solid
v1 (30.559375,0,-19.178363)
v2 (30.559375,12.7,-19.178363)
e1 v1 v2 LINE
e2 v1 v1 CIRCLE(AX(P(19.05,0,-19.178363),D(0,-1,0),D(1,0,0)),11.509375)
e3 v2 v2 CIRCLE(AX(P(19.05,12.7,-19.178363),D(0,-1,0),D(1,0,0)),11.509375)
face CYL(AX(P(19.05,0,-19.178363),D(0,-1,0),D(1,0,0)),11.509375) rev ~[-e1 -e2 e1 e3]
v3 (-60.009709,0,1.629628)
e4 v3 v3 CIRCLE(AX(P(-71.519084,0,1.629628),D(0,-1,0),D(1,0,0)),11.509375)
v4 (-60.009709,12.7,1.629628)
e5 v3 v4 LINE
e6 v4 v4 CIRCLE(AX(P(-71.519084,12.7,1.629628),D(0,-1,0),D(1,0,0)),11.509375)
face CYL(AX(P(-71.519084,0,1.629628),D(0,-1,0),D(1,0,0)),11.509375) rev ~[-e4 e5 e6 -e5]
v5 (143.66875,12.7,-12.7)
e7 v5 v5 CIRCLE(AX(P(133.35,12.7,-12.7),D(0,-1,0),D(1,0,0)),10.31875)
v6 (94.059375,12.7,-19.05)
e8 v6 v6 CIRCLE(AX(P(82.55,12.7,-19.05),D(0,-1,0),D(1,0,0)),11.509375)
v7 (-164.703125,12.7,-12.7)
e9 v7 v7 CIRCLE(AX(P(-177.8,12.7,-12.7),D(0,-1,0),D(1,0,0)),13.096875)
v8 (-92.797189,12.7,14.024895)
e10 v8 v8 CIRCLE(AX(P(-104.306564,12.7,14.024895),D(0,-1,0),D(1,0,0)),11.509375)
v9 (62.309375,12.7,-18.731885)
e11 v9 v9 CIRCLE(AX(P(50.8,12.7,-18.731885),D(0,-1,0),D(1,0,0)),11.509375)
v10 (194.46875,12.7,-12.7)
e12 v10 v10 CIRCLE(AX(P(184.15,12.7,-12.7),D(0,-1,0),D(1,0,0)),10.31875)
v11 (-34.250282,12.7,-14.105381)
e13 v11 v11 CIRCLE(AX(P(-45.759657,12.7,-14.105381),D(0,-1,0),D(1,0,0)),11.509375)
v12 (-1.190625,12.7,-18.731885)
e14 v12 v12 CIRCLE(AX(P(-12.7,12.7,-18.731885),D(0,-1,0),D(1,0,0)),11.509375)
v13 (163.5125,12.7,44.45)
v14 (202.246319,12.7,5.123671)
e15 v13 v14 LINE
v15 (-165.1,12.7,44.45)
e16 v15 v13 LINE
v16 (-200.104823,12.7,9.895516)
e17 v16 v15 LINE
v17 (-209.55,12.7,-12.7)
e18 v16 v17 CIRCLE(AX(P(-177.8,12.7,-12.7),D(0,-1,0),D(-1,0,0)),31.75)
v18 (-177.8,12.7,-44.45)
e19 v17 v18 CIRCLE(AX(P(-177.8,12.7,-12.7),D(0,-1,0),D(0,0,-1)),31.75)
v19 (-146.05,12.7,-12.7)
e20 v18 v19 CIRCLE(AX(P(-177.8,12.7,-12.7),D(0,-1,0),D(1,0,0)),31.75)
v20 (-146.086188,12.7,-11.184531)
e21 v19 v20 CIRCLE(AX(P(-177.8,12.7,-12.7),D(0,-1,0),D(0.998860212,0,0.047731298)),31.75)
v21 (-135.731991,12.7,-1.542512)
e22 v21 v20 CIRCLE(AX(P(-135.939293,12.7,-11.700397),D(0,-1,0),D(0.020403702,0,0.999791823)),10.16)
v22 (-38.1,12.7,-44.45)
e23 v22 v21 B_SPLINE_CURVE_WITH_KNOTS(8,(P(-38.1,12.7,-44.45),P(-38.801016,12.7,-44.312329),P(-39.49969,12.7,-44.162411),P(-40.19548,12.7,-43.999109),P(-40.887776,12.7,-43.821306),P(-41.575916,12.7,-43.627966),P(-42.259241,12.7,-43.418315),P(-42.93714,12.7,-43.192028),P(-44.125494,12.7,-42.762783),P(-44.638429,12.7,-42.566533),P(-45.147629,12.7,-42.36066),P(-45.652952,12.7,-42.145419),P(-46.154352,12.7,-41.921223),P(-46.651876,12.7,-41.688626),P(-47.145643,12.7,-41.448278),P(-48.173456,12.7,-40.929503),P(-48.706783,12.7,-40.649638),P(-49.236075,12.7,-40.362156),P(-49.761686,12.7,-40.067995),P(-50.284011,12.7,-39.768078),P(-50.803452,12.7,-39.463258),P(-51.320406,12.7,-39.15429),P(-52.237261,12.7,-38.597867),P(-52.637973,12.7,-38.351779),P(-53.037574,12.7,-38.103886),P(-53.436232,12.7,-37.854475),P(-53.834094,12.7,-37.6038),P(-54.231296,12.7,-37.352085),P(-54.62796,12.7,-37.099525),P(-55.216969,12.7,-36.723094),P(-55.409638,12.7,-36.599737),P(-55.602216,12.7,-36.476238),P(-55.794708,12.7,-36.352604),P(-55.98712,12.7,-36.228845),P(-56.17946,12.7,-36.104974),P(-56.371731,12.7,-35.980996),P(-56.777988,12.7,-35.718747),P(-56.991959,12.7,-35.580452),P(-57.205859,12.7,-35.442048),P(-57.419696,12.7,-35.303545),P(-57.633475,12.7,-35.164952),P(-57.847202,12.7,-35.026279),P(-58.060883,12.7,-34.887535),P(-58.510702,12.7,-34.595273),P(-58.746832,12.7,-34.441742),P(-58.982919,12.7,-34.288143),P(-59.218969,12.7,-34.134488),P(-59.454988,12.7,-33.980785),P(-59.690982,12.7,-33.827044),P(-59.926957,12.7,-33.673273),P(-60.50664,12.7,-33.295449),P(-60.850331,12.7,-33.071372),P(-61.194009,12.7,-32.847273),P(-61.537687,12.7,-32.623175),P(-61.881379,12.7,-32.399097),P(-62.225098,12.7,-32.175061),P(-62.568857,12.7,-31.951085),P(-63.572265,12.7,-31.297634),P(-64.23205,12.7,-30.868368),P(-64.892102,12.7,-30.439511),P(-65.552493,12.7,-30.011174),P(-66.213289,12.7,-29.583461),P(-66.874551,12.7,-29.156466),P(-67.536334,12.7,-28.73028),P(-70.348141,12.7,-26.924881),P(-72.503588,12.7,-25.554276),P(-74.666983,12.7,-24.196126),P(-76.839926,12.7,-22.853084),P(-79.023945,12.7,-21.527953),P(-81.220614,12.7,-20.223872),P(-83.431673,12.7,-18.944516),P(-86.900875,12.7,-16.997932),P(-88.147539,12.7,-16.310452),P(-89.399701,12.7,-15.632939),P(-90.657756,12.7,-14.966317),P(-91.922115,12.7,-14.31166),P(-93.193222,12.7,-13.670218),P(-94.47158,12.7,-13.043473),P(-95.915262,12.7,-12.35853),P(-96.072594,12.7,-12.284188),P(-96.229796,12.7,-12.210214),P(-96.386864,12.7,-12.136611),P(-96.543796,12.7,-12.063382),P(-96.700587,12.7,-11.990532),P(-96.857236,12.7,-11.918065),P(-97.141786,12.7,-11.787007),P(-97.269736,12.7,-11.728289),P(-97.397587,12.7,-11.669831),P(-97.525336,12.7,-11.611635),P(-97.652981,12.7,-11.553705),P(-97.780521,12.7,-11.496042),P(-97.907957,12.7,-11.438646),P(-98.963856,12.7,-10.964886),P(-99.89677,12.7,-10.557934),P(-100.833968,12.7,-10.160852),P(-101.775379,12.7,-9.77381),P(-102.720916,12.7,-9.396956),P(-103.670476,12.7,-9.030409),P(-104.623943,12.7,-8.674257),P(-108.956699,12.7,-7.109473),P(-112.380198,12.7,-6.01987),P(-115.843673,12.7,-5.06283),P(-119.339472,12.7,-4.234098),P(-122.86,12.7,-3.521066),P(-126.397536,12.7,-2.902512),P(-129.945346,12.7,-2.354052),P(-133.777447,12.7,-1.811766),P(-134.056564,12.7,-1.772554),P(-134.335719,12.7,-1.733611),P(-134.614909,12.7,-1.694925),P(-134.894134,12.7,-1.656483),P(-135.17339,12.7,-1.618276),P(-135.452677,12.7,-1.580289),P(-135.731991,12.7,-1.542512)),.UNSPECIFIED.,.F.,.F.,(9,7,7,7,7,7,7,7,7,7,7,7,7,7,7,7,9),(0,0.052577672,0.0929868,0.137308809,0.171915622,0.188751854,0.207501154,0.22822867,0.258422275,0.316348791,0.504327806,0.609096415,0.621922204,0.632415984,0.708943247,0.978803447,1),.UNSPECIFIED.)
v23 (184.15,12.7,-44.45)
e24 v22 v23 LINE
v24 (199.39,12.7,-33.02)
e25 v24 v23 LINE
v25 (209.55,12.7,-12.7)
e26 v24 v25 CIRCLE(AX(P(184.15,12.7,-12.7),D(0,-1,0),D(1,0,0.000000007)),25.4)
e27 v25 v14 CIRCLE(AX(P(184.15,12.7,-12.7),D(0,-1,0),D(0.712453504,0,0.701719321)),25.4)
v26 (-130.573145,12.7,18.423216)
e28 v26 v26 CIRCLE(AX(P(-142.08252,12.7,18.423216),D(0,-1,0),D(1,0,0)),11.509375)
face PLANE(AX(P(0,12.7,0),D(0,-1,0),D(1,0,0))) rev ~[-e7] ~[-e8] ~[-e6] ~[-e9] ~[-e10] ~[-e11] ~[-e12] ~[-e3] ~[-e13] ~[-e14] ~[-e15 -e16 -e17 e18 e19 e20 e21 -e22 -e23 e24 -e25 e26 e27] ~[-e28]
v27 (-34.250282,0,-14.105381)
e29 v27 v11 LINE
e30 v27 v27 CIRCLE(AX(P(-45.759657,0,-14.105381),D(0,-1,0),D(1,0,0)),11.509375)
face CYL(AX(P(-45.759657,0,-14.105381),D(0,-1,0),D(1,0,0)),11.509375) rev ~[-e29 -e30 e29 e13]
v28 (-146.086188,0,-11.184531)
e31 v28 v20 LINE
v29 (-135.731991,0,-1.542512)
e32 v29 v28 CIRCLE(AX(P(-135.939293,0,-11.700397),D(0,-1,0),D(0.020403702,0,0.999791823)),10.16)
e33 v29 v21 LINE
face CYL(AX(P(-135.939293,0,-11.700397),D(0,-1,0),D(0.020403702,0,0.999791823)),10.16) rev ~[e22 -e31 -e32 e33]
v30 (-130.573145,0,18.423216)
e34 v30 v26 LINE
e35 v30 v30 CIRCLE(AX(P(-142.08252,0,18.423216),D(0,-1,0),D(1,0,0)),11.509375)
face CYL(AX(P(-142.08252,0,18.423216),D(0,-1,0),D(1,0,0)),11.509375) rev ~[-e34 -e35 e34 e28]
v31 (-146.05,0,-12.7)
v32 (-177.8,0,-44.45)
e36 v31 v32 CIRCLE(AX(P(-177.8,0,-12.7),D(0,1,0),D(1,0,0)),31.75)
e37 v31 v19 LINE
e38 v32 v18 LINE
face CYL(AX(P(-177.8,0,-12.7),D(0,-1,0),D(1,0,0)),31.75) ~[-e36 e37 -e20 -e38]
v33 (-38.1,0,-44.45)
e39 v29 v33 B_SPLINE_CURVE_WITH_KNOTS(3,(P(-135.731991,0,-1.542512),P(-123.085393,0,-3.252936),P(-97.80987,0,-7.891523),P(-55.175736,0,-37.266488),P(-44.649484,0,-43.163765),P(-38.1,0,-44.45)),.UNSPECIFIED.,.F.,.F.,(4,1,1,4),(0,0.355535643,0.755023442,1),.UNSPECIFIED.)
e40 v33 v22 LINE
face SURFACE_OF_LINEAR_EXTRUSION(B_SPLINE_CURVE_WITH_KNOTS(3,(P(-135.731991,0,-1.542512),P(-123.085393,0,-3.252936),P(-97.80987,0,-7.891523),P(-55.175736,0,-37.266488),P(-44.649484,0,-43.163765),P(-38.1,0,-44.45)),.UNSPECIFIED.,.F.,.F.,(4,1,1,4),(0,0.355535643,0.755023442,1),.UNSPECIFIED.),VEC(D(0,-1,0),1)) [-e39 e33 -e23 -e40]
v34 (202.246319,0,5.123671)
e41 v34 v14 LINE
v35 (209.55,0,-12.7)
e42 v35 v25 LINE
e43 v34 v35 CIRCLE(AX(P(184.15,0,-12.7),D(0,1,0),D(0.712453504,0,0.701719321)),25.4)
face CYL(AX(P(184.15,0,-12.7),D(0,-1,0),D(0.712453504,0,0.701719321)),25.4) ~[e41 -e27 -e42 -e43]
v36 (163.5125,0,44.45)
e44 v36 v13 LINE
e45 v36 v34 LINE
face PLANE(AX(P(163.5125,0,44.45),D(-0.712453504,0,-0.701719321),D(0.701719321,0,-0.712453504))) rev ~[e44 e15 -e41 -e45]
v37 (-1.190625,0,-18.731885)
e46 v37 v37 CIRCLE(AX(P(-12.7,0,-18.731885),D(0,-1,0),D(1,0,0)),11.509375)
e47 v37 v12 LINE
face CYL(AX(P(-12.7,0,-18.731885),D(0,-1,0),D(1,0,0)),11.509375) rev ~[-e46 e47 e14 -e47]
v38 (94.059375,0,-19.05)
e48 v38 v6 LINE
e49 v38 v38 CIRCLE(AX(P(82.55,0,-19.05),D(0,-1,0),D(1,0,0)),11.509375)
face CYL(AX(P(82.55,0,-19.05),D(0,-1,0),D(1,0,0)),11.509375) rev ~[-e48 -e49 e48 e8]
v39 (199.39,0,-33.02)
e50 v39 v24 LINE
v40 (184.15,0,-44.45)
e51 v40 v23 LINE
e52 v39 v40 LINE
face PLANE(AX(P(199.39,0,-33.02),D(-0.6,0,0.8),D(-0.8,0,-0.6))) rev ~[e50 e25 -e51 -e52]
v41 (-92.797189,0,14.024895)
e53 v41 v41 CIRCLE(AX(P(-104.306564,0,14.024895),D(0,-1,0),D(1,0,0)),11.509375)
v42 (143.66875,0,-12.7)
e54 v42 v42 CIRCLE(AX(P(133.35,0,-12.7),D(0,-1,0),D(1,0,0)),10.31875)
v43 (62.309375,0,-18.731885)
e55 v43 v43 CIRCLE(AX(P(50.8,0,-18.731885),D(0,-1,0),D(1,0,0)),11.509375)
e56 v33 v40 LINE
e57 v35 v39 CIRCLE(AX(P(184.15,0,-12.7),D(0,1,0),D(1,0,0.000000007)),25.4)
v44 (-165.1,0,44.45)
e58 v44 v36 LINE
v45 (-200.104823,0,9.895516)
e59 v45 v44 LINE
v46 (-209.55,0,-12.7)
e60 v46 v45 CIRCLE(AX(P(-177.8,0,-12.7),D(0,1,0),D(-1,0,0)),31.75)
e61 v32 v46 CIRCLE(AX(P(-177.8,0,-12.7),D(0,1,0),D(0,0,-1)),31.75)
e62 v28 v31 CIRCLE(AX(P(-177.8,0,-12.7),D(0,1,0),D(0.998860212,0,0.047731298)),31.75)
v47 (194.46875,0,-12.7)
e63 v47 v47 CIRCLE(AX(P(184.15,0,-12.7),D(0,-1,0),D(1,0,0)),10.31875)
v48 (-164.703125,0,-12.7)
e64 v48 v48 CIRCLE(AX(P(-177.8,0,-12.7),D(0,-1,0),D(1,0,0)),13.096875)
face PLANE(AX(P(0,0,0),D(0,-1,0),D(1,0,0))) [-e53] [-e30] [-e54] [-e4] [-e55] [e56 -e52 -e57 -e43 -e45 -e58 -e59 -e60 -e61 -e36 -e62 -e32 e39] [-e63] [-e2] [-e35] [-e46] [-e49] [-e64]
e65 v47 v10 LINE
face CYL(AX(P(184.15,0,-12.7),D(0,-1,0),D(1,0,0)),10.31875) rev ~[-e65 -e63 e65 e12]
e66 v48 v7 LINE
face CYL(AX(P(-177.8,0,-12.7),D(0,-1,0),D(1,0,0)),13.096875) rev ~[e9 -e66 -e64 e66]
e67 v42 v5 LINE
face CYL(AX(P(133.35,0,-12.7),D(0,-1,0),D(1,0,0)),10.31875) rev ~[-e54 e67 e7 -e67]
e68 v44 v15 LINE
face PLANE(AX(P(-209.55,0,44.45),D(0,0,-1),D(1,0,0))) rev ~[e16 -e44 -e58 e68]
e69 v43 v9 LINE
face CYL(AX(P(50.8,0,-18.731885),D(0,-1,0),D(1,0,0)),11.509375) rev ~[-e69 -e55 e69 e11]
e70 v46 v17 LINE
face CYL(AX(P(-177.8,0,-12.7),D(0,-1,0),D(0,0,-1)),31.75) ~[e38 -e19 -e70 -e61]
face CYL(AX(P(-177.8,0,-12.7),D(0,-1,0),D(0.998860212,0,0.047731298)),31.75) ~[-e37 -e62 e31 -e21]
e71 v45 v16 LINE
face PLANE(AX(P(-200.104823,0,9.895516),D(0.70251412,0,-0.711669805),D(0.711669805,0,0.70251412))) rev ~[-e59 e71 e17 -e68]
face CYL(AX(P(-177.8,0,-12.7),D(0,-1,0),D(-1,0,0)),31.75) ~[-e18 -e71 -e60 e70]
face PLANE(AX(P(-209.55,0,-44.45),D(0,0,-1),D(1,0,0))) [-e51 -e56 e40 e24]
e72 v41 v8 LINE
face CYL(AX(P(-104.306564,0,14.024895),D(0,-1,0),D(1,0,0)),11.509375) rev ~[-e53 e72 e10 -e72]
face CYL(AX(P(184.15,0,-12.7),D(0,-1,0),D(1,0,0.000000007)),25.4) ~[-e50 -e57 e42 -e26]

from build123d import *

# Parameters (mm, degrees)
F0_W      = 419.1
F0_H      = 88.9
F0_R      = 13.096875
F0_R_2    = 11.509375
F0_R_3    = 10.31875
F1_DEPTH  = 12.7
F2_R      = 11.509375
F3_DEPTH  = 12.701
F5_DEPTH  = 12.701
F7_DEPTH  = 12.7010001
F9_DEPTH  = 12.7
F10_R     = 13.096875
F10_R_2   = 11.509375
F10_R_3   = 7.9375
F11_DEPTH = 25.4010001


with BuildPart() as f1:
    # F0 (on Front) → F1 (new body)
    with BuildSketch(Plane.XZ):
        Rectangle(F0_W, F0_H)
        with Locations((-177.8, -12.7)):
            Circle(F0_R, mode=Mode.SUBTRACT)
        with Locations((-12.7, -18.7318846583)):
            Circle(F0_R_2, mode=Mode.SUBTRACT)
        with Locations((19.05, -19.1783625633)):
            Circle(F0_R_2, mode=Mode.SUBTRACT)
        with Locations((50.8, -18.7318846583)):
            Circle(F0_R_2, mode=Mode.SUBTRACT)
        with Locations((82.55, -19.05)):
            Circle(F0_R_2, mode=Mode.SUBTRACT)
        with Locations((133.35, -12.7)):
            Circle(F0_R_3, mode=Mode.SUBTRACT)
        with Locations((184.15, -12.7)):
            Circle(F0_R_3, mode=Mode.SUBTRACT)
    extrude(amount=-F1_DEPTH)

    # F2 (on face) → F3 (cut, through all)
    with BuildSketch(Plane.XZ):
        with Locations((-142.08252, 18.4232164174)):
            Circle(F2_R)
        with Locations((-104.306563735, 14.0248946846)):
            Circle(F2_R)
        with Locations((-71.5190842748, 1.6296281246)):
            Circle(F2_R)
        with Locations((-45.7596568011, -14.1053809535)):
            Circle(F2_R)
    extrude(amount=-F3_DEPTH, mode=Mode.SUBTRACT)

    # F4 (on face) → F5 (cut, through all)
    with BuildSketch(Plane.XZ):
        with BuildLine():
            ThreePointArc((-209.55, -12.7), (-207.0936907923, -0.4549120148), (-200.1048233219, 9.8955162937))
            Line((-200.1048233219, 9.8955162937), (-165.1, 44.45))
            Line((-165.1, 44.45), (-209.55, 44.45))
            Line((-209.55, 44.45), (-209.55, -12.7))
        make_face()
        with BuildLine():
            Line((-209.55, -44.45), (-177.8, -44.45))
            ThreePointArc((-177.8, -44.45), (-200.2506403027, -35.1506403027), (-209.55, -12.7))
            Line((-209.55, -12.7), (-209.55, -44.45))
        make_face()
        with BuildLine():
            ThreePointArc((-146.0861882684, -11.1845312756), (-146.0590483564, -11.9420496313), (-146.05, -12.7))
            ThreePointArc((-146.05, -12.7), (-155.3493596973, -35.1506403027), (-177.8, -44.45))
            Line((-177.8, -44.45), (-38.1, -44.45))
            add(Edge.make_bspline(
                [(-135.731991463, -1.5425124657), (-123.0853934374, -3.2529361125), (-97.8098704079, -7.8915227069), (-55.1757360667, -37.2664877617), (-44.6494842281, -43.1637651569), (-38.1, -44.45)],
                knots=[0, 0, 0, 0, 0.3555356426, 0.7550234425, 1, 1, 1, 1], degree=3))
            ThreePointArc((-135.731991463, -1.5425124657), (-142.8632378904, -4.2650367263), (-146.0861882684, -11.1845312756))
        make_face()
    extrude(amount=-F5_DEPTH, mode=Mode.SUBTRACT)

    # F6 (on face) → F7 (cut, through all)
    with BuildSketch(Plane.XZ):
        with BuildLine():
            Line((209.55, 44.45), (163.5125, 44.45))
            Line((163.5125, 44.45), (202.2463189928, 5.1236707474))
            ThreePointArc((202.2463189928, 5.1236707474), (207.6532604037, -3.0689694011), (209.55, -12.6999998198))
            Line((209.55, -12.6999998198), (209.55, 44.45))
        make_face()
        with BuildLine():
            Line((209.55, -44.45), (209.55, -12.6999998198))
            ThreePointArc((209.55, -12.6999998198), (206.8684506917, -24.0592252451), (199.39, -33.02))
            Line((199.39, -33.02), (184.15, -44.45))
            Line((184.15, -44.45), (209.55, -44.45))
        make_face()
    extrude(amount=-F7_DEPTH, mode=Mode.SUBTRACT)


with BuildPart() as f9:
    # F8 (on Front) → F9 (new body)
    with BuildSketch(Plane.XZ):
        with BuildLine():
            Line((180.975, 31.75), (-180.975, 31.75))
            ThreePointArc((-180.975, 31.75), (-212.725, 0), (-180.975, -31.75))
            Line((-180.975, -31.75), (180.975, -31.75))
            ThreePointArc((180.975, -31.75), (212.725, 0), (180.975, 31.75))
        make_face()
    extrude(amount=F9_DEPTH)

    # F10 (on face) → F11 (cut, through all)
    with BuildSketch(Plane.XZ.offset(12.7)):
        with Locations((-180.975, 0)):
            Circle(F10_R)
        with Locations((-133.35, 0)):
            Circle(F10_R_2)
        with Locations((-107.95, 6.35)):
            Circle(F10_R_2)
        with Locations((-82.55, 7.0877922699)):
            Circle(F10_R_2)
        with Locations((-57.15, 7.0877922699)):
            Circle(F10_R_2)
        with Locations((104.7790011828, 0.7808740327)):
            Circle(F10_R_3)
        with Locations((180.975, 0)):
            Circle(F10_R_3)
    extrude(amount=-F11_DEPTH, mode=Mode.SUBTRACT)


solid = f1.part
